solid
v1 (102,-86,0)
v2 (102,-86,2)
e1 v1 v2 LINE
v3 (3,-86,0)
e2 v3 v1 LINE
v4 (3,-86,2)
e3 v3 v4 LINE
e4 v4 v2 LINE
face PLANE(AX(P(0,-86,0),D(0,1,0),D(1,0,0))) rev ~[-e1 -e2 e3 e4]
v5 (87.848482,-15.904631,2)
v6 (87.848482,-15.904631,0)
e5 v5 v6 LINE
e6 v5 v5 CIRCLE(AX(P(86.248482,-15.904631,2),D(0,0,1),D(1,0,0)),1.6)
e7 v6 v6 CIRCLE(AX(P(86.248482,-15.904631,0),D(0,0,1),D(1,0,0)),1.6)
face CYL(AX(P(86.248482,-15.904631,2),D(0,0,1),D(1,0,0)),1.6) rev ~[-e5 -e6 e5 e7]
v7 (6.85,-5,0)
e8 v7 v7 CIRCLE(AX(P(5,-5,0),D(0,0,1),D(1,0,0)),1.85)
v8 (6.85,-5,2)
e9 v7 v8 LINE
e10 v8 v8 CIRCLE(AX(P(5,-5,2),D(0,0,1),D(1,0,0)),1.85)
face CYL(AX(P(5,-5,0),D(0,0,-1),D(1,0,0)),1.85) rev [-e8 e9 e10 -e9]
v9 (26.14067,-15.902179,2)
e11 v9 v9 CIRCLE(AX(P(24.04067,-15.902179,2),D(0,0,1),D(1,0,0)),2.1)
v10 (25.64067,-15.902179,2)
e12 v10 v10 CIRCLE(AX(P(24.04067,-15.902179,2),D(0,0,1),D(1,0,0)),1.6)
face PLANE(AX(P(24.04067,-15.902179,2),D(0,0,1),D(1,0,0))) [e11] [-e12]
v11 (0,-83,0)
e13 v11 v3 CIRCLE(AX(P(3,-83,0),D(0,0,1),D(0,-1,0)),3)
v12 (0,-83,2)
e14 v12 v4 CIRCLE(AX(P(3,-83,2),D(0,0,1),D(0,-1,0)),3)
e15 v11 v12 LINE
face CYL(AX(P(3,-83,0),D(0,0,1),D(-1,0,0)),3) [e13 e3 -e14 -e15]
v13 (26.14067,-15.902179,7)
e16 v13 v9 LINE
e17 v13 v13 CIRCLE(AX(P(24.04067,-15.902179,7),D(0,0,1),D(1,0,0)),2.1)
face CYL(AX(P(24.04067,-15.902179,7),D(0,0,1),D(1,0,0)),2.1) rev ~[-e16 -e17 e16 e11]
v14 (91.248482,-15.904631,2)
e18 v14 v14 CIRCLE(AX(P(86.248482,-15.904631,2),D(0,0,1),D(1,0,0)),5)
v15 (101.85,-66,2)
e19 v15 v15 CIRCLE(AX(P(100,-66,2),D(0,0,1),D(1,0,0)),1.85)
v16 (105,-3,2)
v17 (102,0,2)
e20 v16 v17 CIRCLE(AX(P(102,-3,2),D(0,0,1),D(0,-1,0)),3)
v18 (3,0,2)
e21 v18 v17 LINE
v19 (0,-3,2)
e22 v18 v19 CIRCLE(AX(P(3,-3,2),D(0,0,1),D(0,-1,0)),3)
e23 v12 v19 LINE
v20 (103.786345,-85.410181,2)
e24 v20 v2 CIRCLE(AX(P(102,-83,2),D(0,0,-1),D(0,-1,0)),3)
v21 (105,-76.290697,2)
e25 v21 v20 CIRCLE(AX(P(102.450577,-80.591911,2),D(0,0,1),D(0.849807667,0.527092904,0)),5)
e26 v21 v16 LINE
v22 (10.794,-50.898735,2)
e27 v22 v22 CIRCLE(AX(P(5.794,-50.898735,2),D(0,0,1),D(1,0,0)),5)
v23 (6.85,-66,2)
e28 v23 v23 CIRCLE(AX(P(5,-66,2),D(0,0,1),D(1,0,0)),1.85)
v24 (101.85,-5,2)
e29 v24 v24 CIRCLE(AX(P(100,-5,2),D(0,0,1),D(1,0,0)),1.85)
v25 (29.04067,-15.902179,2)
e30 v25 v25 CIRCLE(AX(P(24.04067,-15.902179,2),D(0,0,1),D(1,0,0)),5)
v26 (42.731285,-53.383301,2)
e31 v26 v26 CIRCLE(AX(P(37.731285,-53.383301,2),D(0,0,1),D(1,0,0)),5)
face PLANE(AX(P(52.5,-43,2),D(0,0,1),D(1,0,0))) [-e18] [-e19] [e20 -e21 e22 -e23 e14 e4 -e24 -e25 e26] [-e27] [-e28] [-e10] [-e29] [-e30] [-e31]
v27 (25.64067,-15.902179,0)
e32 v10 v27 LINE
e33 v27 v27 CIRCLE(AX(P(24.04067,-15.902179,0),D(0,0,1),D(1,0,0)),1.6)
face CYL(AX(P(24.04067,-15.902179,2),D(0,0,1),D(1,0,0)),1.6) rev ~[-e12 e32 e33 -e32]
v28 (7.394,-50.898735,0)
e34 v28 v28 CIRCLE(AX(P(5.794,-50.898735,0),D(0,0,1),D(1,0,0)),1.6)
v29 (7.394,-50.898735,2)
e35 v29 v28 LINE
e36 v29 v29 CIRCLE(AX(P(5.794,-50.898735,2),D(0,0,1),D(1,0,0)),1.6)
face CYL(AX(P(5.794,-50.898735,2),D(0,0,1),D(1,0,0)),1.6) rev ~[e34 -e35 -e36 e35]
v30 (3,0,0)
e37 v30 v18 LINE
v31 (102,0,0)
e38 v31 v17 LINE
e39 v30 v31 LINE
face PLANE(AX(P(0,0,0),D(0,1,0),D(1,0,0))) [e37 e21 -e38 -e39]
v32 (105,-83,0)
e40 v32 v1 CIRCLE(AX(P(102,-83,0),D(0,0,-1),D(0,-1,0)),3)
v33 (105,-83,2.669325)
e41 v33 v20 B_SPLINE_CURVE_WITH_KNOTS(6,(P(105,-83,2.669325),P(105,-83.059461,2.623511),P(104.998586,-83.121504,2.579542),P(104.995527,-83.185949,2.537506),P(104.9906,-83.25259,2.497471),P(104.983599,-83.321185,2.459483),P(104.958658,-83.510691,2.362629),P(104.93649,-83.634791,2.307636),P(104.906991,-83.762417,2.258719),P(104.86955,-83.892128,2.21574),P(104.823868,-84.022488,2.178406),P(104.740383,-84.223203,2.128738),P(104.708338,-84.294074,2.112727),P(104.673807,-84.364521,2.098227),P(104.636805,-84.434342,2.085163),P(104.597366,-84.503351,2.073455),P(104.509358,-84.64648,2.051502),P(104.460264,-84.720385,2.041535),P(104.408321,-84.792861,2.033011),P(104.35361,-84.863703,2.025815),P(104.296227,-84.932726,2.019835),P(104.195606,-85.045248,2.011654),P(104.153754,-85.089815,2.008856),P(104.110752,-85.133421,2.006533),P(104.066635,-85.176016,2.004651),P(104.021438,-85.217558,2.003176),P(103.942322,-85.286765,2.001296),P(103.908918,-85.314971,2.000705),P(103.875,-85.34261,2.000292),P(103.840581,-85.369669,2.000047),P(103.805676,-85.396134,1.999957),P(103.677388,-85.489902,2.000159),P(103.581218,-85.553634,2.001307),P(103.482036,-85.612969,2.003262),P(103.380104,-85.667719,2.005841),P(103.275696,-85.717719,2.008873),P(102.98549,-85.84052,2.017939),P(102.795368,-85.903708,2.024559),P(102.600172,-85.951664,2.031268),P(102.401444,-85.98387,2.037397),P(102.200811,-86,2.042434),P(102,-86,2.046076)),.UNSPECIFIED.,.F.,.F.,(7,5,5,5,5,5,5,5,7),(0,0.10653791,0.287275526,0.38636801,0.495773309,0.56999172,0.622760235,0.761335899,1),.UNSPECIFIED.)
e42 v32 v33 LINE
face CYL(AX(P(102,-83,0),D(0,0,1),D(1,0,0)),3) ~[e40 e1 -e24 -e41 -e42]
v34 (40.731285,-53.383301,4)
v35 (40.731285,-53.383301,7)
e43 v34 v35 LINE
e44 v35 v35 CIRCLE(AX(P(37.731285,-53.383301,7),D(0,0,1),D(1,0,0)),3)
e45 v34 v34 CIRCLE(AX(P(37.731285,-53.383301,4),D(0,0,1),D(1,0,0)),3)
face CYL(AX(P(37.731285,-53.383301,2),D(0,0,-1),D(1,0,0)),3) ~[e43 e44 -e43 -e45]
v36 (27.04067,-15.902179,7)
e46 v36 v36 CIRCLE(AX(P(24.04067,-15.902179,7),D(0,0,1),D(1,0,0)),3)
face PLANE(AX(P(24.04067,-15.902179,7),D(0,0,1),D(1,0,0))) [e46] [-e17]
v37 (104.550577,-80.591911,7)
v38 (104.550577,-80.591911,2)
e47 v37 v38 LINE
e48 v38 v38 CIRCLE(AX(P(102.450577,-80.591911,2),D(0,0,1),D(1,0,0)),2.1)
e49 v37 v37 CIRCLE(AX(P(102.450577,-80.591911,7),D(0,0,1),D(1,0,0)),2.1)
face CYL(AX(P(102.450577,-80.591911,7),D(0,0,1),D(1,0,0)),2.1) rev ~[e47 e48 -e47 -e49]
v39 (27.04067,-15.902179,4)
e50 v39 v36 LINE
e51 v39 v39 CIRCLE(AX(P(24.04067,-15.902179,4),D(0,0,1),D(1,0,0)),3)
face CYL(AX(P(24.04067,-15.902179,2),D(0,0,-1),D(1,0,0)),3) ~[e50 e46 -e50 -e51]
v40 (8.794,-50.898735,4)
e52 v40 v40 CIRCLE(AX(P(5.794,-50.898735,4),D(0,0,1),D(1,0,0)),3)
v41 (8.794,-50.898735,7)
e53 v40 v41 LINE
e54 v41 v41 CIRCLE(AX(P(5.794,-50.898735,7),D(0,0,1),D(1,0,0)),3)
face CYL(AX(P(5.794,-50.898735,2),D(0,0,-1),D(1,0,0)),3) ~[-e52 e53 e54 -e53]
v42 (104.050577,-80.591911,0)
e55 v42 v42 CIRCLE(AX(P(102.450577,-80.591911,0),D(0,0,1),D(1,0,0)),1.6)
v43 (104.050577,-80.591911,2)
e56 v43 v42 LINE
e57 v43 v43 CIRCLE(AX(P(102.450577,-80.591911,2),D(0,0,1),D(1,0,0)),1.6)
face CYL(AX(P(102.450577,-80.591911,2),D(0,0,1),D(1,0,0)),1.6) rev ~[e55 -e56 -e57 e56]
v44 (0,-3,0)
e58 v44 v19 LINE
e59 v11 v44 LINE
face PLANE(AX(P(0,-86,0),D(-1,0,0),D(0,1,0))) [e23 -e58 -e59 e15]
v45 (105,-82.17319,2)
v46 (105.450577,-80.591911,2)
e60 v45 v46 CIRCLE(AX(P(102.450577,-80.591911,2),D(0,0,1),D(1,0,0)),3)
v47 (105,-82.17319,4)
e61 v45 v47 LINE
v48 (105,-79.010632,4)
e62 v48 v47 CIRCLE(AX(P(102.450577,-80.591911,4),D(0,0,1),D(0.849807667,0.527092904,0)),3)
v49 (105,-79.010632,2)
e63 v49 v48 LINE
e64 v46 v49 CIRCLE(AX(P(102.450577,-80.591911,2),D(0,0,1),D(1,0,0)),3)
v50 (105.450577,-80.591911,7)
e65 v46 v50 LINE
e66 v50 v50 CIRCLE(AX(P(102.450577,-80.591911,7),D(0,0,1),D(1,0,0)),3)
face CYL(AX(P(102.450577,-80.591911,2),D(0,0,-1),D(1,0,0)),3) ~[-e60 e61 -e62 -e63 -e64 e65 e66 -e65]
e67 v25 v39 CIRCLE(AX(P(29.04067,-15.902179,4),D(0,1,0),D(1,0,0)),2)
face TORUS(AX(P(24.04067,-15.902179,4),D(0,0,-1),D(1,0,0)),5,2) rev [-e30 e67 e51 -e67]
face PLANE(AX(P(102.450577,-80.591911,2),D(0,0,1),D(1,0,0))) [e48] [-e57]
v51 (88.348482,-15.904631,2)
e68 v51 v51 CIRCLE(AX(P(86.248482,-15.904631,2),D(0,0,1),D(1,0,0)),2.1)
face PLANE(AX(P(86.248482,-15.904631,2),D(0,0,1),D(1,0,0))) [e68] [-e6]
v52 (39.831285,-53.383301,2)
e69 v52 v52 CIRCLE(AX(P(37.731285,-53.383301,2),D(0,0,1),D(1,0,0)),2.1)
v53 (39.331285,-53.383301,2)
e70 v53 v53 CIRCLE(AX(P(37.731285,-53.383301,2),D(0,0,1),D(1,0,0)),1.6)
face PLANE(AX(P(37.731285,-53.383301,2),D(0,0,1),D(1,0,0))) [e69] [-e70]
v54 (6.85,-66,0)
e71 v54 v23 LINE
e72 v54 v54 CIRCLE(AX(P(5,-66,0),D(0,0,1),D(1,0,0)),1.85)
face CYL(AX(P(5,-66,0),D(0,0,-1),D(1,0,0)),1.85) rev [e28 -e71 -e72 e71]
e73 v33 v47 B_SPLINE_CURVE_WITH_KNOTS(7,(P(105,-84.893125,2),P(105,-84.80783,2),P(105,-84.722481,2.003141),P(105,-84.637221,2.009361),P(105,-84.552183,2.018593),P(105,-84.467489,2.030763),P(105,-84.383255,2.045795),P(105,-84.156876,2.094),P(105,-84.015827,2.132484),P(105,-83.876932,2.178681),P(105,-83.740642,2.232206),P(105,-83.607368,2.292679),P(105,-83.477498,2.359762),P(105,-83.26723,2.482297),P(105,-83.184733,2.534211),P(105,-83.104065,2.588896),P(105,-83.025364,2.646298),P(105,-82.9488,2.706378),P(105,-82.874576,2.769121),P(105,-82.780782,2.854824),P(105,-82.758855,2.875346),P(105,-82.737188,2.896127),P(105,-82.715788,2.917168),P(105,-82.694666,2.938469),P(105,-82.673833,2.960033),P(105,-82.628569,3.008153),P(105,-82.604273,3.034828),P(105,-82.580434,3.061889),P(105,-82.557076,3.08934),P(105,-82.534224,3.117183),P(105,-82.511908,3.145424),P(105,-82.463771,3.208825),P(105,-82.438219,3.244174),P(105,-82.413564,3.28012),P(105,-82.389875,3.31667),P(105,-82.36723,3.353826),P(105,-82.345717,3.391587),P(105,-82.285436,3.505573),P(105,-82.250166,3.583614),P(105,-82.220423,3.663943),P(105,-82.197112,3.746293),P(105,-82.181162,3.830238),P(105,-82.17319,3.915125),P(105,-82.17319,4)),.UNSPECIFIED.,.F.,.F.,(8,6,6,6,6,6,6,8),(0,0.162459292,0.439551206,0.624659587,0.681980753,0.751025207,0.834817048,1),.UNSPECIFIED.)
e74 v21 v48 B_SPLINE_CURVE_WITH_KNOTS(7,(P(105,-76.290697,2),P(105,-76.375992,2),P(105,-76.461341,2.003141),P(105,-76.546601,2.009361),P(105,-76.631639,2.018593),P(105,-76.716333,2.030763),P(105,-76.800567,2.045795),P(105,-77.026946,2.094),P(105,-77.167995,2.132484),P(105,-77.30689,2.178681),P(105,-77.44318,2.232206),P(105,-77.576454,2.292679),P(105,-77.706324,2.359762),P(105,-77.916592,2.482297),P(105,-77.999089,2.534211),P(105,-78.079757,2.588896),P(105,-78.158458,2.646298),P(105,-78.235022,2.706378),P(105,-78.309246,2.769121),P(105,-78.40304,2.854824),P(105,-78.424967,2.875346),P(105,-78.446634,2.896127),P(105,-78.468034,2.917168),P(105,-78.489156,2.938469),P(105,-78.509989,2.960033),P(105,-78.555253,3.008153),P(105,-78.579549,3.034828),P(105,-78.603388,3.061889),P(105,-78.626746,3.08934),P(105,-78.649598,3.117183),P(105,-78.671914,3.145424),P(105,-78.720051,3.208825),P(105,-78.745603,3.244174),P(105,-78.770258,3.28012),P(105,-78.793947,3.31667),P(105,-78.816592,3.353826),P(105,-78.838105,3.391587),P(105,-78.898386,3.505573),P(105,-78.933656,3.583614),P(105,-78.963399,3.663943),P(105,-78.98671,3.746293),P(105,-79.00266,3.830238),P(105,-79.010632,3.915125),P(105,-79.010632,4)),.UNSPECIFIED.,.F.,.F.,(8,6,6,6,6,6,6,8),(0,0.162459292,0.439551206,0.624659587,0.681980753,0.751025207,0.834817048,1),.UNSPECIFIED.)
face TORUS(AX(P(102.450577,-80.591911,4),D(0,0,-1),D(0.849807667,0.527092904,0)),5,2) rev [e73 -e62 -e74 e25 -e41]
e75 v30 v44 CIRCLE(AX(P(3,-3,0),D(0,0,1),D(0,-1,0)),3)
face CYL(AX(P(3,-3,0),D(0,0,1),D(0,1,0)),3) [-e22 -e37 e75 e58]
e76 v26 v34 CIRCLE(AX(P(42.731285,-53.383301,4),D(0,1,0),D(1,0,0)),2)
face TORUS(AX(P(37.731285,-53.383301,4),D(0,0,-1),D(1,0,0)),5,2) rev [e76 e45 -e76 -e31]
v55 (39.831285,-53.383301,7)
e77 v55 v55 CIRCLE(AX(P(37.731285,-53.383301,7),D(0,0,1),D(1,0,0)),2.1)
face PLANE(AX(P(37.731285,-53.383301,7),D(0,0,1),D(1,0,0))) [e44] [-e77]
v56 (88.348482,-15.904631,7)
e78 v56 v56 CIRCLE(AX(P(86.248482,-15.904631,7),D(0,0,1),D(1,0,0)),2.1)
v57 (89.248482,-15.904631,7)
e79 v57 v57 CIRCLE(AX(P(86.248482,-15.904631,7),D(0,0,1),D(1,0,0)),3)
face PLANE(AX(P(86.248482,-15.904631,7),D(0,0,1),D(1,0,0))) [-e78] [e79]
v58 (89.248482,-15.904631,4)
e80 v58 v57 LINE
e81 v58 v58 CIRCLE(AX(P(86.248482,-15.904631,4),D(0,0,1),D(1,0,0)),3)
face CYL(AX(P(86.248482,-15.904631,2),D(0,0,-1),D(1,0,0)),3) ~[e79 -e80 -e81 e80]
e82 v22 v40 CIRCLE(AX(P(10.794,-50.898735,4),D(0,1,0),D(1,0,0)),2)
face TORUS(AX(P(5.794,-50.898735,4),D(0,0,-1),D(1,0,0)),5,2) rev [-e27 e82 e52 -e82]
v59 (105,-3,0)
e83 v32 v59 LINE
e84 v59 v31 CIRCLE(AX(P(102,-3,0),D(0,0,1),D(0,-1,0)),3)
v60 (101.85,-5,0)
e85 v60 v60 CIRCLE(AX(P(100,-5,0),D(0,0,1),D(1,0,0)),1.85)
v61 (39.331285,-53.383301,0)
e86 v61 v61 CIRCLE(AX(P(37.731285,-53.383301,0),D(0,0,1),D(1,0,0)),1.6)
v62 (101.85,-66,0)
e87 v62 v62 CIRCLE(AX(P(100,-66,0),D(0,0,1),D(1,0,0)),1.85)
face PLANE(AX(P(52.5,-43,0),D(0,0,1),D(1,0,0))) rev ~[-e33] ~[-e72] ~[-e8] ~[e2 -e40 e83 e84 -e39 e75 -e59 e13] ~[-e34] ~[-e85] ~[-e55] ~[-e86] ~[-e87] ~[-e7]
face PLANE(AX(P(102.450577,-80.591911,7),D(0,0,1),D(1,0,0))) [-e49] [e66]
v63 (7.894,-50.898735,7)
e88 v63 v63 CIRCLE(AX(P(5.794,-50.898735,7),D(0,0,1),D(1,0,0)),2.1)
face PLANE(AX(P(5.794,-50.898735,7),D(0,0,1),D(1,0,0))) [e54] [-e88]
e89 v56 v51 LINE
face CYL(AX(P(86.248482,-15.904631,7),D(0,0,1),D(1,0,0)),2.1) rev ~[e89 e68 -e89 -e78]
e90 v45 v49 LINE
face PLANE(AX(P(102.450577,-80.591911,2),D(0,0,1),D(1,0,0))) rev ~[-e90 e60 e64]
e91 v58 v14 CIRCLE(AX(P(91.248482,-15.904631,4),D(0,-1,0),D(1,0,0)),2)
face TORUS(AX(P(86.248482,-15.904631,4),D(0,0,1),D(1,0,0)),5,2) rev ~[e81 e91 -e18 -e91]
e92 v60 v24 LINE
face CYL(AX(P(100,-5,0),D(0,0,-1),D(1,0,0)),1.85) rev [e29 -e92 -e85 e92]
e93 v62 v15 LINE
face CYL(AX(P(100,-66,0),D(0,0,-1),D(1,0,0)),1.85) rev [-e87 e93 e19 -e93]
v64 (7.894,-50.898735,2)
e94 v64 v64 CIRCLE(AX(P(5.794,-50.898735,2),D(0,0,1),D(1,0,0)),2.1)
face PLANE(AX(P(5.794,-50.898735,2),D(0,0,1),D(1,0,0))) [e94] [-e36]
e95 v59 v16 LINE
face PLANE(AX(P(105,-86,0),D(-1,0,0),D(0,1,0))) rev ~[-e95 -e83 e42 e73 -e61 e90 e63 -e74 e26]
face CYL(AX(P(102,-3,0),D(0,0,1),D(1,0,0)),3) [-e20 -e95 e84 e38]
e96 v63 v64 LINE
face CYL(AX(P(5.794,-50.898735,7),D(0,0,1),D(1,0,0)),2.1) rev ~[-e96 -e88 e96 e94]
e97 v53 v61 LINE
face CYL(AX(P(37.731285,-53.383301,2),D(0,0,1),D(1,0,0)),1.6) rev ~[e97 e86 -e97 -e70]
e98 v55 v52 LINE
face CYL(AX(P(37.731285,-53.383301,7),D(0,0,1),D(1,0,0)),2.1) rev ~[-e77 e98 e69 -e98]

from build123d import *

# Parameters (mm, degrees)
SKETCH_W        = 105
SKETCH_H        = 86
SKETCH_R        = 1.85
PAD_DEPTH       = 2
SKETCH002_R     = 1.6
POCKET_DEPTH    = 5
SKETCH003_R     = 3
PAD001_DEPTH    = 5
SKETCH004_R     = 2.1
POCKET001_DEPTH = 5
FILLET_R        = 2
FILLET001_R     = 3


with BuildPart() as part:
    # Sketch → Pad (new body)
    with BuildSketch(Plane.XY):
        with Locations((52.5, -43)):
            Rectangle(SKETCH_W, SKETCH_H)
        with Locations((100, -5)):
            Circle(SKETCH_R, mode=Mode.SUBTRACT)
        with Locations((5, -5)):
            Circle(SKETCH_R, mode=Mode.SUBTRACT)
        with Locations((5, -66)):
            Circle(SKETCH_R, mode=Mode.SUBTRACT)
        with Locations((100, -66)):
            Circle(SKETCH_R, mode=Mode.SUBTRACT)
    extrude(amount=PAD_DEPTH)

    # Sketch002 (on Face10 of Pad) → Pocket (cut)
    with BuildSketch(Plane.XY.offset(2)):
        with Locations((24.04067, -15.902179)):
            Circle(SKETCH002_R)
        with Locations((86.248482, -15.904631)):
            Circle(SKETCH002_R)
        with Locations((37.731285, -53.383301)):
            Circle(SKETCH002_R)
        with Locations((5.794, -50.898735)):
            Circle(SKETCH002_R)
        with Locations((102.450577, -80.591911)):
            Circle(SKETCH002_R)
    extrude(amount=-POCKET_DEPTH, mode=Mode.SUBTRACT)

    # Sketch003 (on Face5 of Pocket) → Pad001 (join)
    with BuildSketch(Plane.XY.offset(2)):
        with Locations((86.248482, -15.904631)):
            Circle(SKETCH003_R)
        with Locations((24.04067, -15.902179)):
            Circle(SKETCH003_R)
        with Locations((37.731285, -53.383301)):
            Circle(SKETCH003_R)
        with Locations((5.794, -50.898735)):
            Circle(SKETCH003_R)
        with Locations((102.450577, -80.591911)):
            Circle(SKETCH003_R)
    extrude(amount=PAD001_DEPTH)

    # Sketch004 (on Face27 of Pad001) → Pocket001 (cut)
    with BuildSketch(Plane.XY.offset(7)):
        with Locations((86.248482, -15.904631)):
            Circle(SKETCH004_R)
        with Locations((24.04067, -15.902179)):
            Circle(SKETCH004_R)
        with Locations((37.731285, -53.383301)):
            Circle(SKETCH004_R)
        with Locations((5.794, -50.898735)):
            Circle(SKETCH004_R)
        with Locations((102.450577, -80.591911)):
            Circle(SKETCH004_R)
    extrude(amount=-POCKET001_DEPTH, mode=Mode.SUBTRACT)

    # Fillet
    fillet_edges = [part.edges().sort_by_distance(p)[0] for p in [
        (99.450577, -80.591911, 2),
        (34.731285, -53.383301, 2),
        (2.794, -50.898735, 2),
        (21.04067, -15.902179, 2),
        (83.248482, -15.904631, 2),
    ]]
    fillet(fillet_edges, radius=FILLET_R)

    # Fillet001
    fillet001_edges = [part.edges().sort_by_distance(p)[0] for p in [
        (0, -86, 1),
        (0, 0, 1),
        (105, 0, 1),
        (105, -86, 1),
    ]]
    fillet(fillet001_edges, radius=FILLET001_R)


solid = part.part
